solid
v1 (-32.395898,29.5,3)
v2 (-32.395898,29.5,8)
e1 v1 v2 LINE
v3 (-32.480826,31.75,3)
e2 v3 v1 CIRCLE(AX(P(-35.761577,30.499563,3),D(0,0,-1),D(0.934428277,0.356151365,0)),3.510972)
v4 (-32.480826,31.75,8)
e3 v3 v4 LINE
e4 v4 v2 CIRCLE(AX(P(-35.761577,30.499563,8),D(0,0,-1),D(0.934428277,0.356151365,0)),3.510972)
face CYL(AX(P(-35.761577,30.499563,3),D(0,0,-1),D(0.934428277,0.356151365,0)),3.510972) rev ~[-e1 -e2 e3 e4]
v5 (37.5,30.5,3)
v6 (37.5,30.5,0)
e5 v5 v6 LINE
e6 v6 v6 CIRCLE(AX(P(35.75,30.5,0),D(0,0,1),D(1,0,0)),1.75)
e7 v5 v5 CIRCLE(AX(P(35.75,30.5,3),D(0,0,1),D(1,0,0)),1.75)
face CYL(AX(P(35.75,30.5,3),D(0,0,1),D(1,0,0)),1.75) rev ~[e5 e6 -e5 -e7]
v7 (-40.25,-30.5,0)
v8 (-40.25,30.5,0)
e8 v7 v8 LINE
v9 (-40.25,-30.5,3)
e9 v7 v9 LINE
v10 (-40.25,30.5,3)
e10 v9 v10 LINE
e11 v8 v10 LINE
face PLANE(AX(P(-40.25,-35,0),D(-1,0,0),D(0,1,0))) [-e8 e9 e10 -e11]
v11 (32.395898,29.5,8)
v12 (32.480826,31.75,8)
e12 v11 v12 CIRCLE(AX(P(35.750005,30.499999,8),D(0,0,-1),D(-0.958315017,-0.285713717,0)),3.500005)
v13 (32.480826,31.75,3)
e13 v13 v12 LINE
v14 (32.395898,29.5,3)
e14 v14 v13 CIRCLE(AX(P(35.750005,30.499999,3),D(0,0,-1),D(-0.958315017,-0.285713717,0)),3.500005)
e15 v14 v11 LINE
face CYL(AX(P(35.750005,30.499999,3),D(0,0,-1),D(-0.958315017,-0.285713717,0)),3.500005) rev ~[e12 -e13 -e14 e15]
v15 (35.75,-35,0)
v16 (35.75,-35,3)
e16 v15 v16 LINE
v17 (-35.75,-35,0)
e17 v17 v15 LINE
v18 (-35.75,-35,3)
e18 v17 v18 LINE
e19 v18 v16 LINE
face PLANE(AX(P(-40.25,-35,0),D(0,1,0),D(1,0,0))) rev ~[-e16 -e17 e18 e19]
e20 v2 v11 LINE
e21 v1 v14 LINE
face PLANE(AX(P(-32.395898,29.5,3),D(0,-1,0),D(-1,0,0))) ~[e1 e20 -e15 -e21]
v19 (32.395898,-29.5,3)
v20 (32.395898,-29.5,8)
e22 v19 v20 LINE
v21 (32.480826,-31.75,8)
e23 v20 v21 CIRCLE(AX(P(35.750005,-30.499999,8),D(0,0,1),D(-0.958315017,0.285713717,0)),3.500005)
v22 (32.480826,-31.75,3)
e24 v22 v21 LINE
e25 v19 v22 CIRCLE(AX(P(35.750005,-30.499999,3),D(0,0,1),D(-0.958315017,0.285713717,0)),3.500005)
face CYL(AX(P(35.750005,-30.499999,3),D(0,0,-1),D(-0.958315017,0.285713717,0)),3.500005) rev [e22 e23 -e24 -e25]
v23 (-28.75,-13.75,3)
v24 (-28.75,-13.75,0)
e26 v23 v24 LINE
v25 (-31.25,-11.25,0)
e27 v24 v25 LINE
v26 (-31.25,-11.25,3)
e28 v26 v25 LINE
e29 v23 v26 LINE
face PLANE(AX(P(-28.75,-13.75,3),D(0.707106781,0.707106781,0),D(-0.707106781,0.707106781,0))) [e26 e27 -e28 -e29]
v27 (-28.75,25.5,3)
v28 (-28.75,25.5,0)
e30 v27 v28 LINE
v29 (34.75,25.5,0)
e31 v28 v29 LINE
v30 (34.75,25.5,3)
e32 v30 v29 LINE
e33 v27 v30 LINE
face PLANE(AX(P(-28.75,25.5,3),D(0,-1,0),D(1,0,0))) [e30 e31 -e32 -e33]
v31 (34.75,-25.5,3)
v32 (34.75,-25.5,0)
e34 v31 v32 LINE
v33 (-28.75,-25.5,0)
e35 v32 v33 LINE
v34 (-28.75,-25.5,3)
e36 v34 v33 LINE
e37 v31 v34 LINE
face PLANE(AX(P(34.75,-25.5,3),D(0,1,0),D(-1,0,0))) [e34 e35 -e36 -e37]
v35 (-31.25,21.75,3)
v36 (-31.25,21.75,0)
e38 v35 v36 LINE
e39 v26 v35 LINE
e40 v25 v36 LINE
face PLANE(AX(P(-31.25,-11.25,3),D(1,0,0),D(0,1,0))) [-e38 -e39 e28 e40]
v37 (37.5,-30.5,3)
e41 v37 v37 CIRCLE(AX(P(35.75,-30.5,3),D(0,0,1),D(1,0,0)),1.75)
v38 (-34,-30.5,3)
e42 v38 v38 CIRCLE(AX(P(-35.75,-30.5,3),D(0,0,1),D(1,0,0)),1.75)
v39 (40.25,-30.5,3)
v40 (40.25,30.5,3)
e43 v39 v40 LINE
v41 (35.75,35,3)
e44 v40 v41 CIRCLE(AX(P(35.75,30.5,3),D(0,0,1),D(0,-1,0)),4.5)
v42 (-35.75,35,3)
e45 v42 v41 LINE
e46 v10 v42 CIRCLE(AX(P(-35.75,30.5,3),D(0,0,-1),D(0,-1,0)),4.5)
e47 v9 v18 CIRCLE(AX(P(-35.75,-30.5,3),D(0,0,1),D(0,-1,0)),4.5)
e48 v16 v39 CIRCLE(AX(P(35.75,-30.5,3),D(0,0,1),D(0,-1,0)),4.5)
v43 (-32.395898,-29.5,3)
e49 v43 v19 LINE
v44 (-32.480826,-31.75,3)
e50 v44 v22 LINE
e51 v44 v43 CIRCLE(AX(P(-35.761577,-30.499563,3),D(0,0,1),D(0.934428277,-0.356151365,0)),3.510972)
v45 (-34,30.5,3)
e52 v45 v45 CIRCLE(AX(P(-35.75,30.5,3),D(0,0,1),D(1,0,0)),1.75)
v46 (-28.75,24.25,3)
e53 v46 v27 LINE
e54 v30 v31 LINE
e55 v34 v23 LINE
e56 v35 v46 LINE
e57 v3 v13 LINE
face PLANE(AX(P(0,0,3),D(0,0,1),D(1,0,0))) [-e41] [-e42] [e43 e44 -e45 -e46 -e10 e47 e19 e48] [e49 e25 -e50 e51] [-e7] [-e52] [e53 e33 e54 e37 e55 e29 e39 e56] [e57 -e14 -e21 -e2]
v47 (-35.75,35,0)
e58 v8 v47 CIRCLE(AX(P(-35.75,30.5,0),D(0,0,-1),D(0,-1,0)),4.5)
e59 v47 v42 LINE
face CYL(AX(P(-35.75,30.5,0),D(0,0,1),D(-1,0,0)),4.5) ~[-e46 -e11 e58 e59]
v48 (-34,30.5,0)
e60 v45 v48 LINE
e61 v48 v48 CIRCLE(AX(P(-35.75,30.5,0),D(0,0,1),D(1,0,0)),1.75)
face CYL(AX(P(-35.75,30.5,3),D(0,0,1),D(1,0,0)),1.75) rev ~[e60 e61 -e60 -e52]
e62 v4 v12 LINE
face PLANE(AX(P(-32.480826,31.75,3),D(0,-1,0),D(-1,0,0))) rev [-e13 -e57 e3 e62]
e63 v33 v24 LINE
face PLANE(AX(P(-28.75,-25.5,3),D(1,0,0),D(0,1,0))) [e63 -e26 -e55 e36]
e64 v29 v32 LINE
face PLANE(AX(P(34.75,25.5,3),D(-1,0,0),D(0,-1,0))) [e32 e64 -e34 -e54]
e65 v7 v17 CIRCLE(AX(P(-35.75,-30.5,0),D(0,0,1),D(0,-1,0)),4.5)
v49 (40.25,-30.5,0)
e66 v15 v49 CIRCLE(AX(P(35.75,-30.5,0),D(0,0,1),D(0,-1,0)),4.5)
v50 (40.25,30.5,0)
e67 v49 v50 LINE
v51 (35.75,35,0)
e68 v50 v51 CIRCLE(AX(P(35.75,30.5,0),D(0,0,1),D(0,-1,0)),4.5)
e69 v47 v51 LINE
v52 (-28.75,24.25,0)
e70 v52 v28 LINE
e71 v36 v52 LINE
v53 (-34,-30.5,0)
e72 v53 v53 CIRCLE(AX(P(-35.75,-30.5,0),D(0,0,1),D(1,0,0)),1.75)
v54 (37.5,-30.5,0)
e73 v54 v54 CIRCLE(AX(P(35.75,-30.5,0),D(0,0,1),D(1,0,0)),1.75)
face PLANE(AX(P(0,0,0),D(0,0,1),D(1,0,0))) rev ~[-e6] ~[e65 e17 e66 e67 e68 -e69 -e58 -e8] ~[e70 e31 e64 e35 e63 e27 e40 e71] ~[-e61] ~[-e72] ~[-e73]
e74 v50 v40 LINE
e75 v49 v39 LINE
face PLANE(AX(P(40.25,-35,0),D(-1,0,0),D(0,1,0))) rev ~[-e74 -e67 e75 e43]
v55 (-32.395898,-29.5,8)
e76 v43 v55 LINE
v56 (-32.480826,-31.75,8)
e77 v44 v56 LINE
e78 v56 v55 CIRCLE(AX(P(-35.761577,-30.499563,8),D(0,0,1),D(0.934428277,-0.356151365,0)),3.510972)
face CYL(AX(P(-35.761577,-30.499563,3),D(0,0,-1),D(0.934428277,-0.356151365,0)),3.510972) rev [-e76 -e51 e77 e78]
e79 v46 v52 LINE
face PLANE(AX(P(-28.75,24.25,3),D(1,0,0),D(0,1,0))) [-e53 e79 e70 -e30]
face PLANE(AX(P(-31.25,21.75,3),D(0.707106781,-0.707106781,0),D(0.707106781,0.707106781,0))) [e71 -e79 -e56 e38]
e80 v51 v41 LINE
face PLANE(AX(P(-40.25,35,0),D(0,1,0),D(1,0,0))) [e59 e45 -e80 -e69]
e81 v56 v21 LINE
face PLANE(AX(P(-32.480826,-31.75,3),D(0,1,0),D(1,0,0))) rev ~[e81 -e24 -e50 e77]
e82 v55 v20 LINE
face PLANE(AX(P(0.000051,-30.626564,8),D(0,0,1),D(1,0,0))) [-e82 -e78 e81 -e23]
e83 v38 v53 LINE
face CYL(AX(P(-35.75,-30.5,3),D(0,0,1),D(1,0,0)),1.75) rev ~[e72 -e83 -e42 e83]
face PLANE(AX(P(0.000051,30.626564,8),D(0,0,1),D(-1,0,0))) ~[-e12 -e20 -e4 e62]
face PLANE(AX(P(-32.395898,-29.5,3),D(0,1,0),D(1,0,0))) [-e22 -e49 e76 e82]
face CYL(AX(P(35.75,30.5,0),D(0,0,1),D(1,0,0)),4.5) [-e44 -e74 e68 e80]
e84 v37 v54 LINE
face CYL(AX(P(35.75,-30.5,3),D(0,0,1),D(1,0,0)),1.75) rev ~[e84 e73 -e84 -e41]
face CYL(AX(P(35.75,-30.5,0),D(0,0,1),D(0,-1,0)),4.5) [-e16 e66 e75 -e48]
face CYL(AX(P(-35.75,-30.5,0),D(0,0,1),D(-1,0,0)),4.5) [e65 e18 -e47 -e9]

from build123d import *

# Parameters (mm, degrees)
SKETCH_W        = 80.5
SKETCH_H        = 70
PAD_DEPTH       = 3
FILLET_R        = 4.5
SKETCH001_R     = 1.75
POCKET_DEPTH    = 3.001
PAD001_DEPTH    = 5
POCKET001_DEPTH = 3.001


with BuildPart() as part:
    # Sketch → Pad (new body)
    with BuildSketch(Plane.XY):
        Rectangle(SKETCH_W, SKETCH_H)
    extrude(amount=PAD_DEPTH)

    # Fillet
    fillet_edges = [part.edges().sort_by_distance(p)[0] for p in [
        (-40.25, -35, 1.5),
        (40.25, -35, 1.5),
        (40.25, 35, 1.5),
        (-40.25, 35, 1.5),
    ]]
    fillet(fillet_edges, radius=FILLET_R)

    # Sketch001 (on Face5 of Fillet) → Pocket (cut, through all)
    with BuildSketch(Plane.XY.offset(3)):
        with Locations((-35.75, 30.5)):
            Circle(SKETCH001_R)
        with Locations((35.75, 30.5)):
            Circle(SKETCH001_R)
        with Locations((-35.75, -30.5)):
            Circle(SKETCH001_R)
        with Locations((35.75, -30.5)):
            Circle(SKETCH001_R)
    extrude(amount=-POCKET_DEPTH, mode=Mode.SUBTRACT)

    # Sketch002 (on Face5 of Pocket) → Pad001 (join)
    with BuildSketch(Plane.XY.offset(3)):
        with BuildLine():
            Line((-32.480826, -31.75), (32.480826, -31.75))
            ThreePointArc((32.395898, -29.5), (32.252491, -30.632016), (32.480826, -31.75))
            Line((-32.395898, -29.5), (32.395898, -29.5))
            ThreePointArc((-32.480826, -31.75), (-32.253104, -30.631993), (-32.395898, -29.5))
        make_face()
    pad001 = extrude(amount=PAD001_DEPTH)

    # Mirrored: Pad001 across XZ
    add(pad001.mirror(Plane.XZ))

    # Sketch003 (on Face5 of Mirrored) → Pocket001 (cut, through all)
    with BuildSketch(Plane.XY.offset(3)):
        Polygon((34.75, 25.5), (34.75, -25.5), (-28.75, -25.5), (-28.75, -13.75), (-31.25, -11.25), (-31.25, 21.75), (-28.75, 24.25), (-28.75, 25.5), align=None)
    extrude(amount=-POCKET001_DEPTH, mode=Mode.SUBTRACT)


solid = part.part
